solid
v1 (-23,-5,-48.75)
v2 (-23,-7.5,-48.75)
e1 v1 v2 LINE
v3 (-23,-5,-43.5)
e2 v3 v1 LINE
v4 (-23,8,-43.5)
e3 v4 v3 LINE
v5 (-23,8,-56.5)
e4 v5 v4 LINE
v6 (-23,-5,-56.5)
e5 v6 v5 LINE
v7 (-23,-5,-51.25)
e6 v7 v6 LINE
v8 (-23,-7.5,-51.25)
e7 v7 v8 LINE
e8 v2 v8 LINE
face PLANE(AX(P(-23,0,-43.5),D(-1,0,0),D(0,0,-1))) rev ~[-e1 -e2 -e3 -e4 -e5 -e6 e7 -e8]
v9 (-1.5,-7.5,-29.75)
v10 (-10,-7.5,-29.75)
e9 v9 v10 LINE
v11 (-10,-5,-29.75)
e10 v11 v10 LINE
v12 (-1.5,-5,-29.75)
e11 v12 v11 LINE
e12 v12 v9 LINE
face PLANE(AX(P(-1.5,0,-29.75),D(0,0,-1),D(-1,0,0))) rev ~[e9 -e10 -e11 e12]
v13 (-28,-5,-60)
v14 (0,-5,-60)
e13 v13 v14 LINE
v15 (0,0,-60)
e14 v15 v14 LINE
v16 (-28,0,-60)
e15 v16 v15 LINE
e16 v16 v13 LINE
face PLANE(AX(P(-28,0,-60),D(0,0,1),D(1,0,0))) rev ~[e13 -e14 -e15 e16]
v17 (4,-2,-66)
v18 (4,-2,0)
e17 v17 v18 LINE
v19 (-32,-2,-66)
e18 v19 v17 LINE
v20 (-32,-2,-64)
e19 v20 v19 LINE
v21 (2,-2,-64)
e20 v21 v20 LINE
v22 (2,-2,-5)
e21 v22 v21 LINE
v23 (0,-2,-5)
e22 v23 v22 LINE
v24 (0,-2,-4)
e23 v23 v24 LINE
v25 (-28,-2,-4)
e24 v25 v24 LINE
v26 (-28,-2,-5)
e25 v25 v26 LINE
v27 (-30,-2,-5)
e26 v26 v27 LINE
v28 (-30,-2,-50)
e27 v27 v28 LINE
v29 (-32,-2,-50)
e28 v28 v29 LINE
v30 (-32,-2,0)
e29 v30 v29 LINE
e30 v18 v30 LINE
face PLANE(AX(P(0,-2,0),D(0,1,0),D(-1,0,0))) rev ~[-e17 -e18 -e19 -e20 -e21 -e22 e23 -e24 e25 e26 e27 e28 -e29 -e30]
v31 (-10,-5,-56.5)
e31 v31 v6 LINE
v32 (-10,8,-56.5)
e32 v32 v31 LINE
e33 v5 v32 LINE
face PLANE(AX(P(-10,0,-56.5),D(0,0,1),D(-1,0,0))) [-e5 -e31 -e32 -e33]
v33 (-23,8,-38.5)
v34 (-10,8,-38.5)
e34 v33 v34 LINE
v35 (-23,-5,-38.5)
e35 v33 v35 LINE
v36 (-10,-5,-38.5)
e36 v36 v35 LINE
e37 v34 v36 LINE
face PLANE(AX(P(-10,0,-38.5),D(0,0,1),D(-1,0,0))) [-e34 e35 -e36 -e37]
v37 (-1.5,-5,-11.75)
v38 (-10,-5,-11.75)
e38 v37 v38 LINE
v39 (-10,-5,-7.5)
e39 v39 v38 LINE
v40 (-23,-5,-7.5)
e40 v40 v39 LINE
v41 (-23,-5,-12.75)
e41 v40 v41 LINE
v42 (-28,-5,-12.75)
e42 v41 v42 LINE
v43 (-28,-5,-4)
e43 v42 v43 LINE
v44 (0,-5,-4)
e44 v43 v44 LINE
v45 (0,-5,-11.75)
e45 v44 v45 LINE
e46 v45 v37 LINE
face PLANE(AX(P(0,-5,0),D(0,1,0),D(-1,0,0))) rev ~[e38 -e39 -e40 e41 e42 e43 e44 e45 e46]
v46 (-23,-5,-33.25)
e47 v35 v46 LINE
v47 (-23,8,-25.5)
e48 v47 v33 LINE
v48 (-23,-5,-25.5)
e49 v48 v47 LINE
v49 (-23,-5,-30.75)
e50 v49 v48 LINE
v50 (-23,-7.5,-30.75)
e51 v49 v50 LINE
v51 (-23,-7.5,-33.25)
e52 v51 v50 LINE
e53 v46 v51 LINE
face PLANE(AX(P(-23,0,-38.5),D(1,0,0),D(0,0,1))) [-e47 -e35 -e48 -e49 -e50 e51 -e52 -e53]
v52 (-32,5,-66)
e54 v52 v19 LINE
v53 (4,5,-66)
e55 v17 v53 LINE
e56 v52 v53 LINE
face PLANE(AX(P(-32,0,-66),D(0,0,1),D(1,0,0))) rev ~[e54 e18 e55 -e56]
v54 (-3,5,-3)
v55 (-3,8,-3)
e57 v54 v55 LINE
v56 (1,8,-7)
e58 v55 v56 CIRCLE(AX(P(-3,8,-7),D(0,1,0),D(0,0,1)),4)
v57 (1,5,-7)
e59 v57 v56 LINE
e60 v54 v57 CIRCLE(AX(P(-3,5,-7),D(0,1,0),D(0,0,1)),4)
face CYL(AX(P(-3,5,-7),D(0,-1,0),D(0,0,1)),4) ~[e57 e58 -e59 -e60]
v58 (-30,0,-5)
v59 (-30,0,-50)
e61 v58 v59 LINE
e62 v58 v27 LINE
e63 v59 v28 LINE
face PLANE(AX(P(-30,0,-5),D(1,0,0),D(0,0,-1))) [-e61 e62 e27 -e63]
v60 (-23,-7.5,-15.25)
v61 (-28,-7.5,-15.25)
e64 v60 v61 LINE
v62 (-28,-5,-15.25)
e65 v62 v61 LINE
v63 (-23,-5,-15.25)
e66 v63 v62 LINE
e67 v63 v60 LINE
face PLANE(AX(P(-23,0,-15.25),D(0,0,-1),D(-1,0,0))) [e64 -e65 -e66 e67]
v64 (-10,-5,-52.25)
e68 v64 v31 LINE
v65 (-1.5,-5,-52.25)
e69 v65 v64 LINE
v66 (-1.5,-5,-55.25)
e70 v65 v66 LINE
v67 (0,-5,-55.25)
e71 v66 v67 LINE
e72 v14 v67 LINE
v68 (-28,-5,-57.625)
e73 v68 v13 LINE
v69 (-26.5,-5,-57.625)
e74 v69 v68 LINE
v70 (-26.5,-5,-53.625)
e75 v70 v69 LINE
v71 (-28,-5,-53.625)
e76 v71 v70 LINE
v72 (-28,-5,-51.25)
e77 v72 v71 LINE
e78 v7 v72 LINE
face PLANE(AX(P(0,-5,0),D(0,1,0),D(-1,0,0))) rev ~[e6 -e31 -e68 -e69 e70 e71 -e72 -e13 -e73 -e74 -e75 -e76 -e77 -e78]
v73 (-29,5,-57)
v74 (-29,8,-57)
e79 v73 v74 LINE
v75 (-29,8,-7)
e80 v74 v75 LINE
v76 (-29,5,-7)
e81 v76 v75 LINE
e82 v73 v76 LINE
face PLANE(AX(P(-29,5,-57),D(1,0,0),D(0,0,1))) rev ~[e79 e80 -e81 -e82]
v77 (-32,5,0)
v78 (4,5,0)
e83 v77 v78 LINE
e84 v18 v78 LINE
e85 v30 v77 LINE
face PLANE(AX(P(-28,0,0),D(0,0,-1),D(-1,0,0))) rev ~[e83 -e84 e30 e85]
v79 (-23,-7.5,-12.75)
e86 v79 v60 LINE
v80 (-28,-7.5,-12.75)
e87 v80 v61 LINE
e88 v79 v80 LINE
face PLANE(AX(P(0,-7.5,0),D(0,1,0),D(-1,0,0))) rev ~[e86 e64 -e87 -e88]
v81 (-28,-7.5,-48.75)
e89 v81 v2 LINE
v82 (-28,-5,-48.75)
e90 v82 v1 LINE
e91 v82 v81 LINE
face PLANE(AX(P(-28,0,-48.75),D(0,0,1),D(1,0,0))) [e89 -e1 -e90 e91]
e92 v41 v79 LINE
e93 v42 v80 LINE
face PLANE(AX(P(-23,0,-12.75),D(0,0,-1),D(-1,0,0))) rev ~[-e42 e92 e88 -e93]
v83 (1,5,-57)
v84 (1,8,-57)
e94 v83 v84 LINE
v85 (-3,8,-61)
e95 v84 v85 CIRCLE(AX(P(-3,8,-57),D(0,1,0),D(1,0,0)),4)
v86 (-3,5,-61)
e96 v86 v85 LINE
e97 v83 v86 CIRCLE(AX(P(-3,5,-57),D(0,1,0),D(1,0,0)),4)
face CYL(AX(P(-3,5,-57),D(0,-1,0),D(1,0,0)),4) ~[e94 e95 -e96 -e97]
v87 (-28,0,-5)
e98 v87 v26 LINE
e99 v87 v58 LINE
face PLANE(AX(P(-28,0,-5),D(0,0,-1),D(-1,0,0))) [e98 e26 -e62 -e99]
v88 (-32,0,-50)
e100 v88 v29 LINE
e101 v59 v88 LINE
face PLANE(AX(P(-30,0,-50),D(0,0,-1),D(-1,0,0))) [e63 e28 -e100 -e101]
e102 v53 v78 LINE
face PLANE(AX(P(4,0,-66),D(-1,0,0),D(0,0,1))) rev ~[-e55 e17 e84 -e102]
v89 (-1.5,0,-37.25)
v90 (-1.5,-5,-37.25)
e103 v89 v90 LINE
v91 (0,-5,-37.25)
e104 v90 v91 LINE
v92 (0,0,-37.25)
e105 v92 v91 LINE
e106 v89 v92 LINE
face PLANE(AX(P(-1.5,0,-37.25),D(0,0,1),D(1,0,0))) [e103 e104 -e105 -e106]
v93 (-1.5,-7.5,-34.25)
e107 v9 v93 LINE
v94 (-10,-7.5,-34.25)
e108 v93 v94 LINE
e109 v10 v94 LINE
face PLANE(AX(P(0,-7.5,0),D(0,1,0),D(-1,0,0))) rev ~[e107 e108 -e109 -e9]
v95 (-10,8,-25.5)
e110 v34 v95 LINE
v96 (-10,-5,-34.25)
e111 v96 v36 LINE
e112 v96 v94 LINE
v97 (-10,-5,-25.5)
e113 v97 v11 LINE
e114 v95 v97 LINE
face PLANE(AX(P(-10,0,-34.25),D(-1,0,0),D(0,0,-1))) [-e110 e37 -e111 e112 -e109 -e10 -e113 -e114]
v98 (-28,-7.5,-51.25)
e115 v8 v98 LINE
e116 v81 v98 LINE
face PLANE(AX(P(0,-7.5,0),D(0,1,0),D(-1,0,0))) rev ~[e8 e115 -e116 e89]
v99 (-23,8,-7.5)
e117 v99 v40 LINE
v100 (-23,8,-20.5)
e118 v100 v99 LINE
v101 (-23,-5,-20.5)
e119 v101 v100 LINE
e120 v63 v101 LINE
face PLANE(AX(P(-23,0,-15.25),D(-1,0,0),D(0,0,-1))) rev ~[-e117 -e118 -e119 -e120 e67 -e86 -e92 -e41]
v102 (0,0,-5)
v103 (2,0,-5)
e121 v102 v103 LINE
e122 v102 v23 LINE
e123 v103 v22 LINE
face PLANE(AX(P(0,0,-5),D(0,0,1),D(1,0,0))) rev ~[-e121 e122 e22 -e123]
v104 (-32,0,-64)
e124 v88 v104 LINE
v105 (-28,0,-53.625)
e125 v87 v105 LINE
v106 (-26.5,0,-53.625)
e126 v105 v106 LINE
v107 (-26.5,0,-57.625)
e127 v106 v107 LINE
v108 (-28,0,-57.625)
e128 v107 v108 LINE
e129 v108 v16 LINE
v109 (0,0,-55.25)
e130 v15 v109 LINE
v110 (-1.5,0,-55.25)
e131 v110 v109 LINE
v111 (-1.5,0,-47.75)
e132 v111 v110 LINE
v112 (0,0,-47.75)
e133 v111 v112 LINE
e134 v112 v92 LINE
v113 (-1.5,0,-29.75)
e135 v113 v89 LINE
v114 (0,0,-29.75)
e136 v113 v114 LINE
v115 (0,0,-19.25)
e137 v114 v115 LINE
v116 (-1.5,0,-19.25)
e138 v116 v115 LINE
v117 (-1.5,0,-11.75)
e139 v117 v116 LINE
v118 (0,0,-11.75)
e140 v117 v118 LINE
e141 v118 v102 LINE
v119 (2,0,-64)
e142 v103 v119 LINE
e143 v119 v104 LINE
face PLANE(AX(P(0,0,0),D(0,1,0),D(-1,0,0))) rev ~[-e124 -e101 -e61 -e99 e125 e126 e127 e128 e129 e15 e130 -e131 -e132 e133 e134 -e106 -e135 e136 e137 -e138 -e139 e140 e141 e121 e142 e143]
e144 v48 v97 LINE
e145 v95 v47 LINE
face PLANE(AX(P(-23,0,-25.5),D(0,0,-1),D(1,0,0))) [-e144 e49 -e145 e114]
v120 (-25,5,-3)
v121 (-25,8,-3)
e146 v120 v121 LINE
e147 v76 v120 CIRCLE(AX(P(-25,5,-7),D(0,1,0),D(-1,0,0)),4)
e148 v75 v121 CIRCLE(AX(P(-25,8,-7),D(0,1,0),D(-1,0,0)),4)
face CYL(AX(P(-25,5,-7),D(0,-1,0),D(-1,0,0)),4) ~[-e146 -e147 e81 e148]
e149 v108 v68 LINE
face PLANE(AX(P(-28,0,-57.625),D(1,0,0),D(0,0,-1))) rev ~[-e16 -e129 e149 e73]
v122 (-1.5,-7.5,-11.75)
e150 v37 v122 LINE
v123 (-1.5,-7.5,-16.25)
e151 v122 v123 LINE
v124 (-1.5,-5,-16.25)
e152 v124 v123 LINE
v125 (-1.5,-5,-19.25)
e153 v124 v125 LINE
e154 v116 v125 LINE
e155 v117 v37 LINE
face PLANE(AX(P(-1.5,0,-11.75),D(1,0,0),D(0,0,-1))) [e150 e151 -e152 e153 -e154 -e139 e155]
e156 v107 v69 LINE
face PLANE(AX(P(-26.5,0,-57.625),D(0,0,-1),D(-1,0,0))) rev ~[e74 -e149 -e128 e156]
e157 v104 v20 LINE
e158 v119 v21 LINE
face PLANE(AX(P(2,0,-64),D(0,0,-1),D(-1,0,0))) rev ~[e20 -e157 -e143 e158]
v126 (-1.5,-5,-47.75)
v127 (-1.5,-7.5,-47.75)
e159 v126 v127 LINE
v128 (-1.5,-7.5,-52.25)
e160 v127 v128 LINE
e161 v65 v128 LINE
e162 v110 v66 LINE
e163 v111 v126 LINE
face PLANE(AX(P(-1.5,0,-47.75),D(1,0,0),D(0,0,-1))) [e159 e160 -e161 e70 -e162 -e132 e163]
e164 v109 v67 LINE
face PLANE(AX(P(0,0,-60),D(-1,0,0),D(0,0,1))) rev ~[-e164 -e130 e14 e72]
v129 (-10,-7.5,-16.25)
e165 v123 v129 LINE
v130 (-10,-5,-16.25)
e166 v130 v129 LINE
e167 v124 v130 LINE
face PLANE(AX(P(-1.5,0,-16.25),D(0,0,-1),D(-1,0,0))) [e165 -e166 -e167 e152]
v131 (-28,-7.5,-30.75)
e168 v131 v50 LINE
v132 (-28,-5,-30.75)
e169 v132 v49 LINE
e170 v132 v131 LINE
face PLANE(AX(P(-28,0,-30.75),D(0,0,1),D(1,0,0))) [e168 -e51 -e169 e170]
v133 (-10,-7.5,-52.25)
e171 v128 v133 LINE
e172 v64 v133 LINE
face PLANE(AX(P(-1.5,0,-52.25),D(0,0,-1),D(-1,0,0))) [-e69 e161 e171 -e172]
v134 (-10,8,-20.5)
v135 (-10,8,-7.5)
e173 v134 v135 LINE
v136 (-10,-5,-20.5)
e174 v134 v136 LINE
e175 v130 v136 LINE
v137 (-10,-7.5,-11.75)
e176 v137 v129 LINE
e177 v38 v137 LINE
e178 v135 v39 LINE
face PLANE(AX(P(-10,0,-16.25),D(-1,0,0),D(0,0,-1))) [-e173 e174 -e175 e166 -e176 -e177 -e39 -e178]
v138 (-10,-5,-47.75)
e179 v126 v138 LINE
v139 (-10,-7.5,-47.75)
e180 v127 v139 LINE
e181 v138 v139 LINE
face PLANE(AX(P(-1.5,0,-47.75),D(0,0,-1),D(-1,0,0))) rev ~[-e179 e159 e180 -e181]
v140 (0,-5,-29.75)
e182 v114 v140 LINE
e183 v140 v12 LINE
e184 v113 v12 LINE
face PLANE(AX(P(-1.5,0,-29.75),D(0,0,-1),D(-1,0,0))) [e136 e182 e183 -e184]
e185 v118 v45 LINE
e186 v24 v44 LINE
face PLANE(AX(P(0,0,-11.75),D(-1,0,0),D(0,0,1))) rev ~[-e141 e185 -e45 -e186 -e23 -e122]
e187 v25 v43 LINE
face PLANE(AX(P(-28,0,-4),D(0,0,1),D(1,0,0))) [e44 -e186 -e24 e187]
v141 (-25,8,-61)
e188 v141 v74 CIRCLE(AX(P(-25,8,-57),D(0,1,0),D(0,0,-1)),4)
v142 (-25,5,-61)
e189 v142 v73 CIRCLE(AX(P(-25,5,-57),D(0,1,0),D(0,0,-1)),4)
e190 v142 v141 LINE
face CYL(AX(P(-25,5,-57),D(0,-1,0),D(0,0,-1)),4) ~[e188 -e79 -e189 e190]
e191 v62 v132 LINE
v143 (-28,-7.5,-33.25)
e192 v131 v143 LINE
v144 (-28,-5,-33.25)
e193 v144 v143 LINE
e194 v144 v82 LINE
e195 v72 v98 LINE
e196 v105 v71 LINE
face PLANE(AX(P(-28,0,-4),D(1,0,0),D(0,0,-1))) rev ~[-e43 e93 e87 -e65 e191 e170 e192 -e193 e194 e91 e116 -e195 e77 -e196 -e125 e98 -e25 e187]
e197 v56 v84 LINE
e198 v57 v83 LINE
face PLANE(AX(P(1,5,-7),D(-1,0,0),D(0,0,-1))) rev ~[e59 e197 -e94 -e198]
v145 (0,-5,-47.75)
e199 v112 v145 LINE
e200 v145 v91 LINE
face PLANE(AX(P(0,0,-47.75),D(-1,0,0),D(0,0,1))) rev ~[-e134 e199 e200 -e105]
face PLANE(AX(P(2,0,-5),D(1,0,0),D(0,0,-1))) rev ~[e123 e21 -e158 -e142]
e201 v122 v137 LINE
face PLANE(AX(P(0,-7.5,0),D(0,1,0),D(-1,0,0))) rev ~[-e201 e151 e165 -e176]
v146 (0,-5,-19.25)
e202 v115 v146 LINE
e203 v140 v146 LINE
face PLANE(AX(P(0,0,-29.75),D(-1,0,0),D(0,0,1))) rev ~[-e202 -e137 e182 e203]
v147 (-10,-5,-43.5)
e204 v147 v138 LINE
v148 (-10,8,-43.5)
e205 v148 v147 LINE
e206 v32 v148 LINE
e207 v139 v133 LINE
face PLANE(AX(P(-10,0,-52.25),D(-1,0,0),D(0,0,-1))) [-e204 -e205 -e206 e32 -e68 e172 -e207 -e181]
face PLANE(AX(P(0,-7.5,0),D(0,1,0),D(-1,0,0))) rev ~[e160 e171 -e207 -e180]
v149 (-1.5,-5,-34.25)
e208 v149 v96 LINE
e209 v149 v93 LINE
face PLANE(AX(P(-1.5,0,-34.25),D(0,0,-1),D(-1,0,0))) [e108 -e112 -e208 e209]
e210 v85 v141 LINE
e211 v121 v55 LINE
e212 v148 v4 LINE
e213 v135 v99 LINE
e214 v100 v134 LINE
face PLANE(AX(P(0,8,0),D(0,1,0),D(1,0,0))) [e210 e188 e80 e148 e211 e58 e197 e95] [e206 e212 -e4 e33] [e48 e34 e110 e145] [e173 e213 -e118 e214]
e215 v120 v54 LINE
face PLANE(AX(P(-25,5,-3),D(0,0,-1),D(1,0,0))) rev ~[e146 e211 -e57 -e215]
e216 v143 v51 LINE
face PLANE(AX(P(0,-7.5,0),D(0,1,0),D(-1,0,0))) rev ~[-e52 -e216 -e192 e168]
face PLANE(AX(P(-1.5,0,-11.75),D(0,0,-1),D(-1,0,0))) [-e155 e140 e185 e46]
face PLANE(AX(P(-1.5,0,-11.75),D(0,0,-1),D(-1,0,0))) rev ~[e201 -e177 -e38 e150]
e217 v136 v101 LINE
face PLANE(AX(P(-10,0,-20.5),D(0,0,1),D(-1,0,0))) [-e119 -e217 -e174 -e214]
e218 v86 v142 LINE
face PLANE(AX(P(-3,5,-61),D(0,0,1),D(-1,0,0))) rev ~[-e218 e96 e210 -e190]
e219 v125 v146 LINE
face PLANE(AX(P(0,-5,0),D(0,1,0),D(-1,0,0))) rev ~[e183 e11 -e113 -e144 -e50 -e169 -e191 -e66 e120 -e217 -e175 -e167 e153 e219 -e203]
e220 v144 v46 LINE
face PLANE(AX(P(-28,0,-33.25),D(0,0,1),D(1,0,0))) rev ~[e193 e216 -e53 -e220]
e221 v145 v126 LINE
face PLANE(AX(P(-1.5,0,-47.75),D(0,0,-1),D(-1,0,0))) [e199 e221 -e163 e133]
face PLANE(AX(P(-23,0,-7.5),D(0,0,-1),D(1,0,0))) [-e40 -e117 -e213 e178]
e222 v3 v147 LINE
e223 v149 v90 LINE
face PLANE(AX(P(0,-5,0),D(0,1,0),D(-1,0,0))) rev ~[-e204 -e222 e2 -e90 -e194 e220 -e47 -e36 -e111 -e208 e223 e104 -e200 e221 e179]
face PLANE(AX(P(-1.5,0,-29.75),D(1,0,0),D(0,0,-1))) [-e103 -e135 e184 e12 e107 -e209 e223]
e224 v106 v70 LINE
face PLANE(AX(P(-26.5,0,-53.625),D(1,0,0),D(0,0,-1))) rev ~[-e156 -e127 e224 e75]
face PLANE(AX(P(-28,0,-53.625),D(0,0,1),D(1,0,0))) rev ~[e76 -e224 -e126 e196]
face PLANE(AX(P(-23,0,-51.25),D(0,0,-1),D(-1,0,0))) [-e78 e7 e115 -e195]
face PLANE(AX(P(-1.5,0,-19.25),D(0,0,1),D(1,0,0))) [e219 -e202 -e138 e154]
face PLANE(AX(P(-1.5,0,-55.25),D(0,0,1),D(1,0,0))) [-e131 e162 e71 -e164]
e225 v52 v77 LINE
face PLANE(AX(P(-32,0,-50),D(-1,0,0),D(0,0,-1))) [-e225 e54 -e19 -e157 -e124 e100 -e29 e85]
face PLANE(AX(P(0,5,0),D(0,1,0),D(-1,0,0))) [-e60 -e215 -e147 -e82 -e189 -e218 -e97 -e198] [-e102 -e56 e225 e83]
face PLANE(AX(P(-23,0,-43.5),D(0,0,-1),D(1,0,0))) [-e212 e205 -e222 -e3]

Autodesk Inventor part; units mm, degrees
ref_plane "YZ Plane" through (0, 0, 0) normal (1, 0, 0) x (0, 1, 0)
ref_plane "XZ Plane" through (0, 0, 0) normal (0, 1, 0) x (-1, 0, 0)
ref_plane "XY Plane" through (0, 0, 0) normal (0, 0, 1) x (1, 0, 0)
sketch "Sketch1" plane through (0, 0, 0) normal (0, 1, 0) x (-1, 0, 0)
  line L0 (23, -43.5) -> (23, -56.5)
  line L1 (28, -33.25) -> (23, -33.25)
  line L2 (28, -30.75) -> (23, -30.75)
  line L3 (28, -48.75) -> (23, -48.75)
  line L4 (10, -56.5) -> (23, -56.5)
  line L5 (10, -7.5) -> (10, -20.5)
  line L6 (23, -43.5) -> (10, -43.5)
  line L7 (10, -43.5) -> (10, -56.5)
  line L8 (10, -38.5) -> (23, -38.5)
  line L9 (23, -38.5) -> (23, -25.5)
  line L10 (25.5, 0.6818) -> (25.5, -55.6748) construction
  line L11 (16.5, 0.1481) -> (16.5, -50.7513) construction
  line L12 (10, -25.5) -> (10, -38.5)
  line L13 (32.1467, -32) -> (-0.6768, -32) construction
  line L14 (10, -20.5) -> (23, -20.5)
  line L15 (23, -25.5) -> (10, -25.5)
  line L16 (23, -7.5) -> (10, -7.5)
  line L17 (30.1668, -14) -> (1.95, -14) construction
  line L18 (1.5, -34.25) -> (10, -34.25)
  line L19 (1.6727, -50) -> (31.8542, -50) construction
  line L20 (28, -60) -> (0, -60)
  line L21 (23, -51.25) -> (28, -51.25)
  line L22 (23, -7.5) -> (23, -20.5)
  line L23 (0, -29.75) -> (10, -29.75)
  line L24 (23, -15.25) -> (28, -15.25)
  line L25 (23, -12.75) -> (28, -12.75)
  line L26 (1.5, -16.25) -> (10, -16.25)
  line L27 (0, -11.75) -> (10, -11.75)
  line L28 (0, -47.75) -> (10, -47.75)
  line L29 (1.5, -52.25) -> (10, -52.25)
  line L30 (28, 0) -> (0, 0)
  line L31 (28, 0) -> (32, 0)
  line L32 (32, 0) -> (32, -66)
  line L33 (32, -66) -> (-4, -66)
  line L34 (-4, -66) -> (-4, 0)
  line L35 (28, -5) -> (30, -5)
  line L36 (30, -5) -> (30, -50)
  line L37 (30, -50) -> (32, -50)
  line L38 (-4, 0) -> (0, 0)
  line L39 (0, -5) -> (-2, -5)
  line L40 (-2, -5) -> (-2, -64)
  line L41 (-2, -64) -> (32, -64)
  line L42 (28, -4) -> (0, -4)
  line L43 (38, -5) -> (-10, -5) construction
  line L44 (0, -60) -> (0, -55.25)
  line L45 (0, -47.75) -> (0, -37.25)
  line L46 (0, -29.75) -> (0, -19.25)
  line L47 (0, -11.75) -> (0, 0)
  line L48 (1.5, -11.75) -> (1.5, -16.25)
  line L49 (1.5, -29.75) -> (1.5, -34.25)
  line L50 (1.5, -47.75) -> (1.5, -52.25)
  line L51 (1.5, -52.25) -> (1.5, -55.25)
  line L52 (1.5, -55.25) -> (0, -55.25)
  line L53 (1.5, -34.25) -> (1.5, -37.25)
  line L54 (1.5, -37.25) -> (0, -37.25)
  line L55 (1.5, -16.25) -> (1.5, -19.25)
  line L56 (1.5, -19.25) -> (0, -19.25)
  line L57 (28, 0) -> (28, -5)
  line L58 (31, -55.625) -> (29, -55.625) construction
  line L59 (28, -53.625) -> (26.5, -53.625)
  line L60 (26.5, -53.625) -> (26.5, -57.625)
  line L61 (26.5, -57.625) -> (28, -57.625)
  line L62 (28, -5) -> (28, -53.625)
  line L63 (28, -57.625) -> (28, -60)
  point P0 (16.5, -14)
  point P1 (16.5, -32)
  point P2 (16.5, -50)
  dimension "d0" = 13
  dimension "d3" = 2.5
  dimension "d6" = 4.5
  dimension "d7" = 4.5
  dimension "d8" = 4.5
  dimension "d10" = 13
  dimension "d11" = 18
  dimension "d12" = 18
  dimension "d13" = 13
  dimension "d16" = 13
  dimension "d17" = 3.5
  dimension "d18" = 4
  dimension "d20" = 45
  dimension "d21" = 4
  dimension "d22" = 2
  dimension "d23" = 2.5
  dimension "d24" = 3.5
  dimension "d25" = 4
  dimension "d26" = 2.5
  dimension "d27" = 2
  dimension "d28" = 4
  dimension "d29" = 66
  dimension "d30" = 36
  dimension "d37" = 1.5
  dimension "d38" = 10
  dimension "d39" = 2.5
  dimension "d55" = 3
  dimension "d58" = 28
  dimension "d59" = 2
  dimension "d60" = 1.5
  dimension "d61" = 4
extrude "Extrusion1" add sketch "Sketch1" against normal blind 2 contours L57 L31 L32 L37 L36 L35 | L42 L47 L30 L57 | L47 L39 L40 L41 L32 L33 L34 L38
extrude "Extrusion4" add sketch "Sketch1" against normal blind 7.5 contours L3 L62 L21 L0 | L7 L29 L50 L28 | L1 L9 L2 L62 | L24 L22 L25 L62 | L18 L49 L23 L12 | L26 L48 L27 L5
extrude "Extrusion5" add sketch "Sketch1" against normal blind 5 contours L6 L7 L28 L45 L54 L53 L18 L12 L8 L9 L1 L62 L3 L0 | L21 L62 L59 L60 L61 L63 L20 L44 L52 L51 L29 L7 L4 L0 | L2 L9 L15 L12 L23 L46 L56 L55 L26 L5 L14 L22 L24 L62 | L25 L22 L16 L5 L27 L47 L42 L57 L62
extrude "Extrusion6" add sketch "Sketch1" along normal blind 5 contours L6 L7 L28 L45 L54 L53 L18 L12 L8 L9 L1 L62 L3 L0 | L3 L62 L21 L0 | L21 L62 L59 L60 L61 L63 L20 L44 L52 L51 L29 L7 L4 L0 | L62 L35 L36 L37 L32 L41 L40 L39 L47 L27 L48 L55 L56 L46 L23 L49 L53 L54 L45 L28 L50 L51 L52 L44 L20 L63 L61 L60 L59 | L7 L29 L50 L28 | L1 L9 L2 L62 | L2 L9 L15 L12 L23 L46 L56 L55 L26 L5 L14 L22 L24 L62 | L24 L22 L25 L62 | L25 L22 L16 L5 L27 L47 L42 L57 L62 | L18 L49 L23 L12 | L57 L31 L32 L37 L36 L35 | L42 L47 L30 L57 | L26 L48 L27 L5 | L47 L39 L40 L41 L32 L33 L34 L38
sketch "Sketch2" plane through (0, 5, 0) normal (0, 1, 0) x (1, 0, 0)
  line L0 (-25, 3) -> (-3, 3)
  line L1 (1, 7) -> (1, 57)
  line L2 (-3, 61) -> (-25, 61)
  line L3 (-29, 57) -> (-29, 7)
  line L4 (-32, 66) -> (-32, 0) projected
  line L5 (-32, 0) -> (4, 0) projected
  line L6 (4, 0) -> (4, 66) projected
  line L7 (4, 66) -> (-32, 66) projected
  arc A0 (-29, 7) -> (-25, 3) centre (-25, 7) ccw
  arc A1 (-25, 61) -> (-29, 57) centre (-25, 57) ccw
  arc A2 (-3, 3) -> (1, 7) centre (-3, 7) ccw
  arc A3 (1, 57) -> (-3, 61) centre (-3, 57) ccw
  point P0 (0, 0)
  dimension "d46" = 3
  dimension "d47" = 3
  dimension "d48" = 3
  dimension "d49" = 5
  dimension "d54" = 8
extrude "Extrusion7" add sketch "Sketch2" along normal blind 3 contours A0 L3 A1 L2 A3 L1 A2 L0
extrude "Extrusion8" cut sketch "Sketch1" along normal blind 10 contours L0 L4 L7 L6 | L9 L8 L12 L15 | L22 L14 L5 L16
properties part number "Top_V3"
